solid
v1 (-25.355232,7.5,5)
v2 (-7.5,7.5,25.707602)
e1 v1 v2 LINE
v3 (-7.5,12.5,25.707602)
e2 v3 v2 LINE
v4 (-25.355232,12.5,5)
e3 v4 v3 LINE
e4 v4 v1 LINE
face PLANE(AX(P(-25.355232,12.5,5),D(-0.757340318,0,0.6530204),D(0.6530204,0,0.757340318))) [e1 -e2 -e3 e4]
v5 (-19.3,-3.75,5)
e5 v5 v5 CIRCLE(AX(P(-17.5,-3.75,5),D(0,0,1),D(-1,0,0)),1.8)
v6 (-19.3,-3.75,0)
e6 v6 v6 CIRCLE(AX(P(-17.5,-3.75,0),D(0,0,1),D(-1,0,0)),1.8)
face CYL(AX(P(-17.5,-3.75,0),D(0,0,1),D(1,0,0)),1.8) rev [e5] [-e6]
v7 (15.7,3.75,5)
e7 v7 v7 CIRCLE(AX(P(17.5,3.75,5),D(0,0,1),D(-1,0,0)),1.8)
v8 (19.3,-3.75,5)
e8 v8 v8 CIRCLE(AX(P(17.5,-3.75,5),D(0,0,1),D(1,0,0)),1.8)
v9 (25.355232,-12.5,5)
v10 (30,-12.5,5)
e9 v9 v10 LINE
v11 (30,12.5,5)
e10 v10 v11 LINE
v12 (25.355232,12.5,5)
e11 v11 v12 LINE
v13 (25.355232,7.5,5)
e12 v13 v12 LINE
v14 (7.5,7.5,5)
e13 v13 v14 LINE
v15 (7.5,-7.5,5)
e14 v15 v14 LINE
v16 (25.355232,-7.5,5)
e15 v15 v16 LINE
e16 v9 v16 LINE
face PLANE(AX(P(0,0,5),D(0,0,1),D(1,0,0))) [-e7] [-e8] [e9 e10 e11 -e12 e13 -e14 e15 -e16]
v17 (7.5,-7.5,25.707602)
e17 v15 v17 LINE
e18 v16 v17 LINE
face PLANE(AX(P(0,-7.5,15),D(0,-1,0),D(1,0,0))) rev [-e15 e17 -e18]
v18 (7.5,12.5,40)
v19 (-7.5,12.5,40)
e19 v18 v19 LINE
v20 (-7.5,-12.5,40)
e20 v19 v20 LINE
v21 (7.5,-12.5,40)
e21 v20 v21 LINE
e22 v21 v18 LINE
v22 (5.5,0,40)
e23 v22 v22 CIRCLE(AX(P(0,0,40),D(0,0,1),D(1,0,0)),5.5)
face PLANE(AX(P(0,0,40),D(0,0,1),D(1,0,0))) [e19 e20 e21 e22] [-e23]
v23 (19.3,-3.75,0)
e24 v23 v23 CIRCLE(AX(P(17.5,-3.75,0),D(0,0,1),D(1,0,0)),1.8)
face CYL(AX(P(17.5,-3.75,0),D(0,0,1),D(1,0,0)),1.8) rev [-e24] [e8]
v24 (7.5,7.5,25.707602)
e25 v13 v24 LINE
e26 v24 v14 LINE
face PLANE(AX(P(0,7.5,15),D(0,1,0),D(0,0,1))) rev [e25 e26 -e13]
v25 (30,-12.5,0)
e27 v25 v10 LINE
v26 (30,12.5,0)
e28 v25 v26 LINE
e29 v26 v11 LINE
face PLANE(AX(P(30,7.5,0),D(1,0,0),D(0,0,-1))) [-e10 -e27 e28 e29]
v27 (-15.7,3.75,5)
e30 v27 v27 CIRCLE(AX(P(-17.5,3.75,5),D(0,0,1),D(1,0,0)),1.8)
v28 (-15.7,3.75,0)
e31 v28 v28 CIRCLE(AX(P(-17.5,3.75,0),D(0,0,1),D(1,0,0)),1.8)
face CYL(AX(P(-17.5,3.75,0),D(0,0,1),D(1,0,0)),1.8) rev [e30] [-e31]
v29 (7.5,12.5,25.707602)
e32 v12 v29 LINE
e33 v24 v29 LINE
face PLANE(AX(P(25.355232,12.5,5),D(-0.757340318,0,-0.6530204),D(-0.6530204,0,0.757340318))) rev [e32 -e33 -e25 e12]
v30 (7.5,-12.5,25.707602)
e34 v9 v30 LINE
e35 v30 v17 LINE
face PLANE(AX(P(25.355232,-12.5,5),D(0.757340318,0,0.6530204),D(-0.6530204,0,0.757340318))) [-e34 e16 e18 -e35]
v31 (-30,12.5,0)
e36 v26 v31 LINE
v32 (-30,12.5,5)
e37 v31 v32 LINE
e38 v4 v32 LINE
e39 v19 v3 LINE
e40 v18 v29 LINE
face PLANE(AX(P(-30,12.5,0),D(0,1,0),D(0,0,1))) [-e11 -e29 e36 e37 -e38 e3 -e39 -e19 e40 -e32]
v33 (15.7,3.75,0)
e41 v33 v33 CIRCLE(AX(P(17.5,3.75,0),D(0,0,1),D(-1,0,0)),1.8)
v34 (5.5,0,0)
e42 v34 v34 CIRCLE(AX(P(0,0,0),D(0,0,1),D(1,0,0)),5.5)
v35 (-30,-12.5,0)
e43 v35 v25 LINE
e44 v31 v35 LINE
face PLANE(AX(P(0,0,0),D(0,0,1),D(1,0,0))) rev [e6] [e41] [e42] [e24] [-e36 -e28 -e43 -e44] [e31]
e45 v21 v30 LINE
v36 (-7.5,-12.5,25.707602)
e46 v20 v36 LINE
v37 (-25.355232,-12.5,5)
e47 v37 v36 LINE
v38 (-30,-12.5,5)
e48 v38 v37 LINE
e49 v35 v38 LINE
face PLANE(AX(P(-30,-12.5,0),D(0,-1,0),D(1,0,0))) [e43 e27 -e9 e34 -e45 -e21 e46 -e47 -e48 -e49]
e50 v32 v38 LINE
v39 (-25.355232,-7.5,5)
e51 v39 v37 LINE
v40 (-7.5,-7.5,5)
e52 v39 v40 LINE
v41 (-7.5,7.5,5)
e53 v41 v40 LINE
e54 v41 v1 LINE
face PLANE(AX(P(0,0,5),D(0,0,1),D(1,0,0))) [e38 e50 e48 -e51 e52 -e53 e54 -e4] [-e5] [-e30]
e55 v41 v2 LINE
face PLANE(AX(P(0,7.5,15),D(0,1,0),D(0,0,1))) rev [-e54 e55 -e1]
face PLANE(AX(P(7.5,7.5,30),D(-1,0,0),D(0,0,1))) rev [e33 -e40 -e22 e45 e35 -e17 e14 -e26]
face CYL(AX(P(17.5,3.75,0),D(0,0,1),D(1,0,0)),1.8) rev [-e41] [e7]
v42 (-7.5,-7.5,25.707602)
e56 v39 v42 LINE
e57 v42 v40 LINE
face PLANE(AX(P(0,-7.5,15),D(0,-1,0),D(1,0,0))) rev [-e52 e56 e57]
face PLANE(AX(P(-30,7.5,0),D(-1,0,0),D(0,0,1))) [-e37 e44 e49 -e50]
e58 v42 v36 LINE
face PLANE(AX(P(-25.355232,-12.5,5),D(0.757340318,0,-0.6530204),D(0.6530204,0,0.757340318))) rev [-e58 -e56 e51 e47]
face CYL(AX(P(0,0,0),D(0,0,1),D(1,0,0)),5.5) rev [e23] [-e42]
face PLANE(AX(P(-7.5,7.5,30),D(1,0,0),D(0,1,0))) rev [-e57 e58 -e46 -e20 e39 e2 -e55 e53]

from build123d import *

# Parameters (mm, degrees)
SKETCH_1_W               = 40
SKETCH_1_H               = 15
EXTRUDE_1_DEPTH          = 5
SKETCH_2_R               = 5.5
SKETCH_2_R_2             = 1.8
CUT_EXTRUDE_1_DEPTH      = 5
SKETCH_3_W               = 15
SKETCH_3_H               = 15
SKETCH_3_R               = 5.05
EXTRUDE_2_DEPTH          = 25
SKETCH_4_R               = 5.5
CUT_EXTRUDE_2_DEPTH      = 31
SKETCH_5_W               = 10
SKETCH_5_H               = 15
EXTRUDE_3_DEPTH          = 5
SKETCH_6_R               = 1.8
CUT_EXTRUDE_3_DEPTH      = 5
SKETCH_7_W               = 60
SKETCH_7_H               = 5
EXTRUDE_4_DEPTH          = 5
SKETCH_8_W               = 15
SKETCH_8_H               = 5
EXTRUDE_5_DEPTH          = 25
RIB_1_REACH              = 51.244
SKETCH_9_WALL_W          = 127.83111072
SKETCH_9_WALL_H          = 5
MIRROR_2_COPY_1_REACH    = 51.244
MIRROR_2_COPY_1_SKETCH_W = 127.83111072
MIRROR_2_COPY_1_SKETCH_H = 5
SKETCH_11_R              = 1.8
EXTRUDE_6_DEPTH          = 5
SKETCH_12_R              = 1.8
CUT_EXTRUDE_4_DEPTH      = 5
SKETCH_13_W              = 15
SKETCH_13_H              = 25
SKETCH_13_R              = 5.5
EXTRUDE_7_DEPTH          = 10


with BuildPart() as part:
    # 草图1 → 凸台-拉伸1 (new body)
    with BuildSketch(Plane.XY):
        Rectangle(SKETCH_1_W, SKETCH_1_H)
    extrude(amount=EXTRUDE_1_DEPTH)

    # 草图2 → 切除-拉伸1 (cut)
    with BuildSketch(Plane.XY.offset(5)):
        Circle(SKETCH_2_R)
        with Locations((-12, 0)):
            Circle(SKETCH_2_R_2)
        with Locations(Location((12, 0, 0), (0, 0, 180))):
            Circle(SKETCH_2_R_2)
    extrude(amount=-CUT_EXTRUDE_1_DEPTH, mode=Mode.SUBTRACT)

    # 草图3 → 凸台-拉伸2 (add)
    with BuildSketch(Plane.XY.offset(5)):
        Rectangle(SKETCH_3_W, SKETCH_3_H)
        Circle(SKETCH_3_R, mode=Mode.SUBTRACT)
    extrude(amount=EXTRUDE_2_DEPTH)

    # 草图4 → 切除-拉伸2 (cut)
    with BuildSketch(Plane(origin=(0, 0, 5), x_dir=(-1, 0, 0), z_dir=(0, 0, -1))):
        with Locations(Location((0, 0, 0), (0, 0, 180))):
            Circle(SKETCH_4_R)
    extrude(amount=-CUT_EXTRUDE_2_DEPTH, mode=Mode.SUBTRACT)

    # 草图5 → 凸台-拉伸3 (add)
    with BuildSketch(Plane.XY.offset(5)):
        with Locations((-25, 0)):
            Rectangle(SKETCH_5_W, SKETCH_5_H)
        with Locations((25, 0)):
            Rectangle(SKETCH_5_W, SKETCH_5_H)
    extrude(amount=-EXTRUDE_3_DEPTH)

    # 草图6 → 切除-拉伸3 (cut)
    with BuildSketch(Plane.XY.offset(5)):
        with Locations((-24, 0)):
            Circle(SKETCH_6_R)
        with Locations(Location((24, 0, 0), (0, 0, 180))):
            Circle(SKETCH_6_R)
    extrude(amount=-CUT_EXTRUDE_3_DEPTH, mode=Mode.SUBTRACT)

    # 草图7 → 凸台-拉伸4 (add)
    with BuildSketch(Plane.XY.offset(5)):
        with Locations((0, 10)):
            Rectangle(SKETCH_7_W, SKETCH_7_H)
        with Locations((0, -10)):
            Rectangle(SKETCH_7_W, SKETCH_7_H)
    extrude(amount=-EXTRUDE_4_DEPTH)

    # 草图8 → 凸台-拉伸5 (add)
    with BuildSketch(Plane.XY.offset(5)):
        with Locations((0, 10)):
            Rectangle(SKETCH_8_W, SKETCH_8_H)
        with Locations((0, -10)):
            Rectangle(SKETCH_8_W, SKETCH_8_H)
    extrude(amount=EXTRUDE_5_DEPTH)

    # 草图9 wall → 筋1 (add, up to next)
    with BuildSketch(Plane(origin=(-16.427615827, 12.5, 15.353801199), x_dir=(0.653020400469, 0, 0.75734031754), z_dir=(0.75734031754, 0, -0.653020400469)), mode=Mode.PRIVATE) as rib_1_sk1:
        with Locations((0, 2.5)):
            Rectangle(SKETCH_9_WALL_W, SKETCH_9_WALL_H)
    rib_1_tool1 = extrude(rib_1_sk1.sketch, amount=RIB_1_REACH, mode=Mode.PRIVATE) - part.part
    rib_1 = rib_1_tool1.solids().sort_by_distance((-16.427615827, 12.5, 15.353801199))[0]
    add(rib_1)

    # 镜向1: 筋1 across plane
    add(rib_1.mirror(Plane.ZX))

    # 镜向2: 筋1 across plane
    add(rib_1.mirror(Plane.ZY))

    # 镜向2 copy 1 sketch → 镜向2 copy 1 (add, up to next)
    with BuildSketch(Plane(origin=(16.427615827, -12.5, 15.353801199), x_dir=(-0.653020400469, 0, 0.75734031754), z_dir=(-0.75734031754, 0, -0.653020400469)), mode=Mode.PRIVATE) as mirror_2_copy_1_sk1:
        with Locations((0, 2.5)):
            Rectangle(MIRROR_2_COPY_1_SKETCH_W, MIRROR_2_COPY_1_SKETCH_H)
    mirror_2_copy_1_tool1 = extrude(mirror_2_copy_1_sk1.sketch, amount=MIRROR_2_COPY_1_REACH, mode=Mode.PRIVATE) - part.part
    add(mirror_2_copy_1_tool1.solids().sort_by_distance((16.427615827, -12.5, 15.353801199))[0])

    # 草图11 → 凸台-拉伸6 (add)
    with BuildSketch(Plane.XY.offset(5)):
        with Locations((-24, 0)):
            Circle(SKETCH_11_R)
        with Locations((-12, 0)):
            Circle(SKETCH_11_R)
        with Locations((12, 0)):
            Circle(SKETCH_11_R)
        with Locations((24, 0)):
            Circle(SKETCH_11_R)
    extrude(amount=-EXTRUDE_6_DEPTH)

    # 草图12 → 切除-拉伸4 (cut)
    with BuildSketch(Plane.XY.offset(5)):
        with Locations((-17.5, 3.75)):
            Circle(SKETCH_12_R)
        with Locations(Location((-17.5, -3.75, 0), (0, 0, 180))):
            Circle(SKETCH_12_R)
        with Locations((17.5, -3.75)):
            Circle(SKETCH_12_R)
        with Locations(Location((17.5, 3.75, 0), (0, 0, 180))):
            Circle(SKETCH_12_R)
    extrude(amount=-CUT_EXTRUDE_4_DEPTH, mode=Mode.SUBTRACT)

    # 草图13 → 凸台-拉伸7 (add)
    with BuildSketch(Plane.XY.offset(30)):
        Rectangle(SKETCH_13_W, SKETCH_13_H)
        Circle(SKETCH_13_R, mode=Mode.SUBTRACT)
    extrude(amount=EXTRUDE_7_DEPTH)


solid = part.part
